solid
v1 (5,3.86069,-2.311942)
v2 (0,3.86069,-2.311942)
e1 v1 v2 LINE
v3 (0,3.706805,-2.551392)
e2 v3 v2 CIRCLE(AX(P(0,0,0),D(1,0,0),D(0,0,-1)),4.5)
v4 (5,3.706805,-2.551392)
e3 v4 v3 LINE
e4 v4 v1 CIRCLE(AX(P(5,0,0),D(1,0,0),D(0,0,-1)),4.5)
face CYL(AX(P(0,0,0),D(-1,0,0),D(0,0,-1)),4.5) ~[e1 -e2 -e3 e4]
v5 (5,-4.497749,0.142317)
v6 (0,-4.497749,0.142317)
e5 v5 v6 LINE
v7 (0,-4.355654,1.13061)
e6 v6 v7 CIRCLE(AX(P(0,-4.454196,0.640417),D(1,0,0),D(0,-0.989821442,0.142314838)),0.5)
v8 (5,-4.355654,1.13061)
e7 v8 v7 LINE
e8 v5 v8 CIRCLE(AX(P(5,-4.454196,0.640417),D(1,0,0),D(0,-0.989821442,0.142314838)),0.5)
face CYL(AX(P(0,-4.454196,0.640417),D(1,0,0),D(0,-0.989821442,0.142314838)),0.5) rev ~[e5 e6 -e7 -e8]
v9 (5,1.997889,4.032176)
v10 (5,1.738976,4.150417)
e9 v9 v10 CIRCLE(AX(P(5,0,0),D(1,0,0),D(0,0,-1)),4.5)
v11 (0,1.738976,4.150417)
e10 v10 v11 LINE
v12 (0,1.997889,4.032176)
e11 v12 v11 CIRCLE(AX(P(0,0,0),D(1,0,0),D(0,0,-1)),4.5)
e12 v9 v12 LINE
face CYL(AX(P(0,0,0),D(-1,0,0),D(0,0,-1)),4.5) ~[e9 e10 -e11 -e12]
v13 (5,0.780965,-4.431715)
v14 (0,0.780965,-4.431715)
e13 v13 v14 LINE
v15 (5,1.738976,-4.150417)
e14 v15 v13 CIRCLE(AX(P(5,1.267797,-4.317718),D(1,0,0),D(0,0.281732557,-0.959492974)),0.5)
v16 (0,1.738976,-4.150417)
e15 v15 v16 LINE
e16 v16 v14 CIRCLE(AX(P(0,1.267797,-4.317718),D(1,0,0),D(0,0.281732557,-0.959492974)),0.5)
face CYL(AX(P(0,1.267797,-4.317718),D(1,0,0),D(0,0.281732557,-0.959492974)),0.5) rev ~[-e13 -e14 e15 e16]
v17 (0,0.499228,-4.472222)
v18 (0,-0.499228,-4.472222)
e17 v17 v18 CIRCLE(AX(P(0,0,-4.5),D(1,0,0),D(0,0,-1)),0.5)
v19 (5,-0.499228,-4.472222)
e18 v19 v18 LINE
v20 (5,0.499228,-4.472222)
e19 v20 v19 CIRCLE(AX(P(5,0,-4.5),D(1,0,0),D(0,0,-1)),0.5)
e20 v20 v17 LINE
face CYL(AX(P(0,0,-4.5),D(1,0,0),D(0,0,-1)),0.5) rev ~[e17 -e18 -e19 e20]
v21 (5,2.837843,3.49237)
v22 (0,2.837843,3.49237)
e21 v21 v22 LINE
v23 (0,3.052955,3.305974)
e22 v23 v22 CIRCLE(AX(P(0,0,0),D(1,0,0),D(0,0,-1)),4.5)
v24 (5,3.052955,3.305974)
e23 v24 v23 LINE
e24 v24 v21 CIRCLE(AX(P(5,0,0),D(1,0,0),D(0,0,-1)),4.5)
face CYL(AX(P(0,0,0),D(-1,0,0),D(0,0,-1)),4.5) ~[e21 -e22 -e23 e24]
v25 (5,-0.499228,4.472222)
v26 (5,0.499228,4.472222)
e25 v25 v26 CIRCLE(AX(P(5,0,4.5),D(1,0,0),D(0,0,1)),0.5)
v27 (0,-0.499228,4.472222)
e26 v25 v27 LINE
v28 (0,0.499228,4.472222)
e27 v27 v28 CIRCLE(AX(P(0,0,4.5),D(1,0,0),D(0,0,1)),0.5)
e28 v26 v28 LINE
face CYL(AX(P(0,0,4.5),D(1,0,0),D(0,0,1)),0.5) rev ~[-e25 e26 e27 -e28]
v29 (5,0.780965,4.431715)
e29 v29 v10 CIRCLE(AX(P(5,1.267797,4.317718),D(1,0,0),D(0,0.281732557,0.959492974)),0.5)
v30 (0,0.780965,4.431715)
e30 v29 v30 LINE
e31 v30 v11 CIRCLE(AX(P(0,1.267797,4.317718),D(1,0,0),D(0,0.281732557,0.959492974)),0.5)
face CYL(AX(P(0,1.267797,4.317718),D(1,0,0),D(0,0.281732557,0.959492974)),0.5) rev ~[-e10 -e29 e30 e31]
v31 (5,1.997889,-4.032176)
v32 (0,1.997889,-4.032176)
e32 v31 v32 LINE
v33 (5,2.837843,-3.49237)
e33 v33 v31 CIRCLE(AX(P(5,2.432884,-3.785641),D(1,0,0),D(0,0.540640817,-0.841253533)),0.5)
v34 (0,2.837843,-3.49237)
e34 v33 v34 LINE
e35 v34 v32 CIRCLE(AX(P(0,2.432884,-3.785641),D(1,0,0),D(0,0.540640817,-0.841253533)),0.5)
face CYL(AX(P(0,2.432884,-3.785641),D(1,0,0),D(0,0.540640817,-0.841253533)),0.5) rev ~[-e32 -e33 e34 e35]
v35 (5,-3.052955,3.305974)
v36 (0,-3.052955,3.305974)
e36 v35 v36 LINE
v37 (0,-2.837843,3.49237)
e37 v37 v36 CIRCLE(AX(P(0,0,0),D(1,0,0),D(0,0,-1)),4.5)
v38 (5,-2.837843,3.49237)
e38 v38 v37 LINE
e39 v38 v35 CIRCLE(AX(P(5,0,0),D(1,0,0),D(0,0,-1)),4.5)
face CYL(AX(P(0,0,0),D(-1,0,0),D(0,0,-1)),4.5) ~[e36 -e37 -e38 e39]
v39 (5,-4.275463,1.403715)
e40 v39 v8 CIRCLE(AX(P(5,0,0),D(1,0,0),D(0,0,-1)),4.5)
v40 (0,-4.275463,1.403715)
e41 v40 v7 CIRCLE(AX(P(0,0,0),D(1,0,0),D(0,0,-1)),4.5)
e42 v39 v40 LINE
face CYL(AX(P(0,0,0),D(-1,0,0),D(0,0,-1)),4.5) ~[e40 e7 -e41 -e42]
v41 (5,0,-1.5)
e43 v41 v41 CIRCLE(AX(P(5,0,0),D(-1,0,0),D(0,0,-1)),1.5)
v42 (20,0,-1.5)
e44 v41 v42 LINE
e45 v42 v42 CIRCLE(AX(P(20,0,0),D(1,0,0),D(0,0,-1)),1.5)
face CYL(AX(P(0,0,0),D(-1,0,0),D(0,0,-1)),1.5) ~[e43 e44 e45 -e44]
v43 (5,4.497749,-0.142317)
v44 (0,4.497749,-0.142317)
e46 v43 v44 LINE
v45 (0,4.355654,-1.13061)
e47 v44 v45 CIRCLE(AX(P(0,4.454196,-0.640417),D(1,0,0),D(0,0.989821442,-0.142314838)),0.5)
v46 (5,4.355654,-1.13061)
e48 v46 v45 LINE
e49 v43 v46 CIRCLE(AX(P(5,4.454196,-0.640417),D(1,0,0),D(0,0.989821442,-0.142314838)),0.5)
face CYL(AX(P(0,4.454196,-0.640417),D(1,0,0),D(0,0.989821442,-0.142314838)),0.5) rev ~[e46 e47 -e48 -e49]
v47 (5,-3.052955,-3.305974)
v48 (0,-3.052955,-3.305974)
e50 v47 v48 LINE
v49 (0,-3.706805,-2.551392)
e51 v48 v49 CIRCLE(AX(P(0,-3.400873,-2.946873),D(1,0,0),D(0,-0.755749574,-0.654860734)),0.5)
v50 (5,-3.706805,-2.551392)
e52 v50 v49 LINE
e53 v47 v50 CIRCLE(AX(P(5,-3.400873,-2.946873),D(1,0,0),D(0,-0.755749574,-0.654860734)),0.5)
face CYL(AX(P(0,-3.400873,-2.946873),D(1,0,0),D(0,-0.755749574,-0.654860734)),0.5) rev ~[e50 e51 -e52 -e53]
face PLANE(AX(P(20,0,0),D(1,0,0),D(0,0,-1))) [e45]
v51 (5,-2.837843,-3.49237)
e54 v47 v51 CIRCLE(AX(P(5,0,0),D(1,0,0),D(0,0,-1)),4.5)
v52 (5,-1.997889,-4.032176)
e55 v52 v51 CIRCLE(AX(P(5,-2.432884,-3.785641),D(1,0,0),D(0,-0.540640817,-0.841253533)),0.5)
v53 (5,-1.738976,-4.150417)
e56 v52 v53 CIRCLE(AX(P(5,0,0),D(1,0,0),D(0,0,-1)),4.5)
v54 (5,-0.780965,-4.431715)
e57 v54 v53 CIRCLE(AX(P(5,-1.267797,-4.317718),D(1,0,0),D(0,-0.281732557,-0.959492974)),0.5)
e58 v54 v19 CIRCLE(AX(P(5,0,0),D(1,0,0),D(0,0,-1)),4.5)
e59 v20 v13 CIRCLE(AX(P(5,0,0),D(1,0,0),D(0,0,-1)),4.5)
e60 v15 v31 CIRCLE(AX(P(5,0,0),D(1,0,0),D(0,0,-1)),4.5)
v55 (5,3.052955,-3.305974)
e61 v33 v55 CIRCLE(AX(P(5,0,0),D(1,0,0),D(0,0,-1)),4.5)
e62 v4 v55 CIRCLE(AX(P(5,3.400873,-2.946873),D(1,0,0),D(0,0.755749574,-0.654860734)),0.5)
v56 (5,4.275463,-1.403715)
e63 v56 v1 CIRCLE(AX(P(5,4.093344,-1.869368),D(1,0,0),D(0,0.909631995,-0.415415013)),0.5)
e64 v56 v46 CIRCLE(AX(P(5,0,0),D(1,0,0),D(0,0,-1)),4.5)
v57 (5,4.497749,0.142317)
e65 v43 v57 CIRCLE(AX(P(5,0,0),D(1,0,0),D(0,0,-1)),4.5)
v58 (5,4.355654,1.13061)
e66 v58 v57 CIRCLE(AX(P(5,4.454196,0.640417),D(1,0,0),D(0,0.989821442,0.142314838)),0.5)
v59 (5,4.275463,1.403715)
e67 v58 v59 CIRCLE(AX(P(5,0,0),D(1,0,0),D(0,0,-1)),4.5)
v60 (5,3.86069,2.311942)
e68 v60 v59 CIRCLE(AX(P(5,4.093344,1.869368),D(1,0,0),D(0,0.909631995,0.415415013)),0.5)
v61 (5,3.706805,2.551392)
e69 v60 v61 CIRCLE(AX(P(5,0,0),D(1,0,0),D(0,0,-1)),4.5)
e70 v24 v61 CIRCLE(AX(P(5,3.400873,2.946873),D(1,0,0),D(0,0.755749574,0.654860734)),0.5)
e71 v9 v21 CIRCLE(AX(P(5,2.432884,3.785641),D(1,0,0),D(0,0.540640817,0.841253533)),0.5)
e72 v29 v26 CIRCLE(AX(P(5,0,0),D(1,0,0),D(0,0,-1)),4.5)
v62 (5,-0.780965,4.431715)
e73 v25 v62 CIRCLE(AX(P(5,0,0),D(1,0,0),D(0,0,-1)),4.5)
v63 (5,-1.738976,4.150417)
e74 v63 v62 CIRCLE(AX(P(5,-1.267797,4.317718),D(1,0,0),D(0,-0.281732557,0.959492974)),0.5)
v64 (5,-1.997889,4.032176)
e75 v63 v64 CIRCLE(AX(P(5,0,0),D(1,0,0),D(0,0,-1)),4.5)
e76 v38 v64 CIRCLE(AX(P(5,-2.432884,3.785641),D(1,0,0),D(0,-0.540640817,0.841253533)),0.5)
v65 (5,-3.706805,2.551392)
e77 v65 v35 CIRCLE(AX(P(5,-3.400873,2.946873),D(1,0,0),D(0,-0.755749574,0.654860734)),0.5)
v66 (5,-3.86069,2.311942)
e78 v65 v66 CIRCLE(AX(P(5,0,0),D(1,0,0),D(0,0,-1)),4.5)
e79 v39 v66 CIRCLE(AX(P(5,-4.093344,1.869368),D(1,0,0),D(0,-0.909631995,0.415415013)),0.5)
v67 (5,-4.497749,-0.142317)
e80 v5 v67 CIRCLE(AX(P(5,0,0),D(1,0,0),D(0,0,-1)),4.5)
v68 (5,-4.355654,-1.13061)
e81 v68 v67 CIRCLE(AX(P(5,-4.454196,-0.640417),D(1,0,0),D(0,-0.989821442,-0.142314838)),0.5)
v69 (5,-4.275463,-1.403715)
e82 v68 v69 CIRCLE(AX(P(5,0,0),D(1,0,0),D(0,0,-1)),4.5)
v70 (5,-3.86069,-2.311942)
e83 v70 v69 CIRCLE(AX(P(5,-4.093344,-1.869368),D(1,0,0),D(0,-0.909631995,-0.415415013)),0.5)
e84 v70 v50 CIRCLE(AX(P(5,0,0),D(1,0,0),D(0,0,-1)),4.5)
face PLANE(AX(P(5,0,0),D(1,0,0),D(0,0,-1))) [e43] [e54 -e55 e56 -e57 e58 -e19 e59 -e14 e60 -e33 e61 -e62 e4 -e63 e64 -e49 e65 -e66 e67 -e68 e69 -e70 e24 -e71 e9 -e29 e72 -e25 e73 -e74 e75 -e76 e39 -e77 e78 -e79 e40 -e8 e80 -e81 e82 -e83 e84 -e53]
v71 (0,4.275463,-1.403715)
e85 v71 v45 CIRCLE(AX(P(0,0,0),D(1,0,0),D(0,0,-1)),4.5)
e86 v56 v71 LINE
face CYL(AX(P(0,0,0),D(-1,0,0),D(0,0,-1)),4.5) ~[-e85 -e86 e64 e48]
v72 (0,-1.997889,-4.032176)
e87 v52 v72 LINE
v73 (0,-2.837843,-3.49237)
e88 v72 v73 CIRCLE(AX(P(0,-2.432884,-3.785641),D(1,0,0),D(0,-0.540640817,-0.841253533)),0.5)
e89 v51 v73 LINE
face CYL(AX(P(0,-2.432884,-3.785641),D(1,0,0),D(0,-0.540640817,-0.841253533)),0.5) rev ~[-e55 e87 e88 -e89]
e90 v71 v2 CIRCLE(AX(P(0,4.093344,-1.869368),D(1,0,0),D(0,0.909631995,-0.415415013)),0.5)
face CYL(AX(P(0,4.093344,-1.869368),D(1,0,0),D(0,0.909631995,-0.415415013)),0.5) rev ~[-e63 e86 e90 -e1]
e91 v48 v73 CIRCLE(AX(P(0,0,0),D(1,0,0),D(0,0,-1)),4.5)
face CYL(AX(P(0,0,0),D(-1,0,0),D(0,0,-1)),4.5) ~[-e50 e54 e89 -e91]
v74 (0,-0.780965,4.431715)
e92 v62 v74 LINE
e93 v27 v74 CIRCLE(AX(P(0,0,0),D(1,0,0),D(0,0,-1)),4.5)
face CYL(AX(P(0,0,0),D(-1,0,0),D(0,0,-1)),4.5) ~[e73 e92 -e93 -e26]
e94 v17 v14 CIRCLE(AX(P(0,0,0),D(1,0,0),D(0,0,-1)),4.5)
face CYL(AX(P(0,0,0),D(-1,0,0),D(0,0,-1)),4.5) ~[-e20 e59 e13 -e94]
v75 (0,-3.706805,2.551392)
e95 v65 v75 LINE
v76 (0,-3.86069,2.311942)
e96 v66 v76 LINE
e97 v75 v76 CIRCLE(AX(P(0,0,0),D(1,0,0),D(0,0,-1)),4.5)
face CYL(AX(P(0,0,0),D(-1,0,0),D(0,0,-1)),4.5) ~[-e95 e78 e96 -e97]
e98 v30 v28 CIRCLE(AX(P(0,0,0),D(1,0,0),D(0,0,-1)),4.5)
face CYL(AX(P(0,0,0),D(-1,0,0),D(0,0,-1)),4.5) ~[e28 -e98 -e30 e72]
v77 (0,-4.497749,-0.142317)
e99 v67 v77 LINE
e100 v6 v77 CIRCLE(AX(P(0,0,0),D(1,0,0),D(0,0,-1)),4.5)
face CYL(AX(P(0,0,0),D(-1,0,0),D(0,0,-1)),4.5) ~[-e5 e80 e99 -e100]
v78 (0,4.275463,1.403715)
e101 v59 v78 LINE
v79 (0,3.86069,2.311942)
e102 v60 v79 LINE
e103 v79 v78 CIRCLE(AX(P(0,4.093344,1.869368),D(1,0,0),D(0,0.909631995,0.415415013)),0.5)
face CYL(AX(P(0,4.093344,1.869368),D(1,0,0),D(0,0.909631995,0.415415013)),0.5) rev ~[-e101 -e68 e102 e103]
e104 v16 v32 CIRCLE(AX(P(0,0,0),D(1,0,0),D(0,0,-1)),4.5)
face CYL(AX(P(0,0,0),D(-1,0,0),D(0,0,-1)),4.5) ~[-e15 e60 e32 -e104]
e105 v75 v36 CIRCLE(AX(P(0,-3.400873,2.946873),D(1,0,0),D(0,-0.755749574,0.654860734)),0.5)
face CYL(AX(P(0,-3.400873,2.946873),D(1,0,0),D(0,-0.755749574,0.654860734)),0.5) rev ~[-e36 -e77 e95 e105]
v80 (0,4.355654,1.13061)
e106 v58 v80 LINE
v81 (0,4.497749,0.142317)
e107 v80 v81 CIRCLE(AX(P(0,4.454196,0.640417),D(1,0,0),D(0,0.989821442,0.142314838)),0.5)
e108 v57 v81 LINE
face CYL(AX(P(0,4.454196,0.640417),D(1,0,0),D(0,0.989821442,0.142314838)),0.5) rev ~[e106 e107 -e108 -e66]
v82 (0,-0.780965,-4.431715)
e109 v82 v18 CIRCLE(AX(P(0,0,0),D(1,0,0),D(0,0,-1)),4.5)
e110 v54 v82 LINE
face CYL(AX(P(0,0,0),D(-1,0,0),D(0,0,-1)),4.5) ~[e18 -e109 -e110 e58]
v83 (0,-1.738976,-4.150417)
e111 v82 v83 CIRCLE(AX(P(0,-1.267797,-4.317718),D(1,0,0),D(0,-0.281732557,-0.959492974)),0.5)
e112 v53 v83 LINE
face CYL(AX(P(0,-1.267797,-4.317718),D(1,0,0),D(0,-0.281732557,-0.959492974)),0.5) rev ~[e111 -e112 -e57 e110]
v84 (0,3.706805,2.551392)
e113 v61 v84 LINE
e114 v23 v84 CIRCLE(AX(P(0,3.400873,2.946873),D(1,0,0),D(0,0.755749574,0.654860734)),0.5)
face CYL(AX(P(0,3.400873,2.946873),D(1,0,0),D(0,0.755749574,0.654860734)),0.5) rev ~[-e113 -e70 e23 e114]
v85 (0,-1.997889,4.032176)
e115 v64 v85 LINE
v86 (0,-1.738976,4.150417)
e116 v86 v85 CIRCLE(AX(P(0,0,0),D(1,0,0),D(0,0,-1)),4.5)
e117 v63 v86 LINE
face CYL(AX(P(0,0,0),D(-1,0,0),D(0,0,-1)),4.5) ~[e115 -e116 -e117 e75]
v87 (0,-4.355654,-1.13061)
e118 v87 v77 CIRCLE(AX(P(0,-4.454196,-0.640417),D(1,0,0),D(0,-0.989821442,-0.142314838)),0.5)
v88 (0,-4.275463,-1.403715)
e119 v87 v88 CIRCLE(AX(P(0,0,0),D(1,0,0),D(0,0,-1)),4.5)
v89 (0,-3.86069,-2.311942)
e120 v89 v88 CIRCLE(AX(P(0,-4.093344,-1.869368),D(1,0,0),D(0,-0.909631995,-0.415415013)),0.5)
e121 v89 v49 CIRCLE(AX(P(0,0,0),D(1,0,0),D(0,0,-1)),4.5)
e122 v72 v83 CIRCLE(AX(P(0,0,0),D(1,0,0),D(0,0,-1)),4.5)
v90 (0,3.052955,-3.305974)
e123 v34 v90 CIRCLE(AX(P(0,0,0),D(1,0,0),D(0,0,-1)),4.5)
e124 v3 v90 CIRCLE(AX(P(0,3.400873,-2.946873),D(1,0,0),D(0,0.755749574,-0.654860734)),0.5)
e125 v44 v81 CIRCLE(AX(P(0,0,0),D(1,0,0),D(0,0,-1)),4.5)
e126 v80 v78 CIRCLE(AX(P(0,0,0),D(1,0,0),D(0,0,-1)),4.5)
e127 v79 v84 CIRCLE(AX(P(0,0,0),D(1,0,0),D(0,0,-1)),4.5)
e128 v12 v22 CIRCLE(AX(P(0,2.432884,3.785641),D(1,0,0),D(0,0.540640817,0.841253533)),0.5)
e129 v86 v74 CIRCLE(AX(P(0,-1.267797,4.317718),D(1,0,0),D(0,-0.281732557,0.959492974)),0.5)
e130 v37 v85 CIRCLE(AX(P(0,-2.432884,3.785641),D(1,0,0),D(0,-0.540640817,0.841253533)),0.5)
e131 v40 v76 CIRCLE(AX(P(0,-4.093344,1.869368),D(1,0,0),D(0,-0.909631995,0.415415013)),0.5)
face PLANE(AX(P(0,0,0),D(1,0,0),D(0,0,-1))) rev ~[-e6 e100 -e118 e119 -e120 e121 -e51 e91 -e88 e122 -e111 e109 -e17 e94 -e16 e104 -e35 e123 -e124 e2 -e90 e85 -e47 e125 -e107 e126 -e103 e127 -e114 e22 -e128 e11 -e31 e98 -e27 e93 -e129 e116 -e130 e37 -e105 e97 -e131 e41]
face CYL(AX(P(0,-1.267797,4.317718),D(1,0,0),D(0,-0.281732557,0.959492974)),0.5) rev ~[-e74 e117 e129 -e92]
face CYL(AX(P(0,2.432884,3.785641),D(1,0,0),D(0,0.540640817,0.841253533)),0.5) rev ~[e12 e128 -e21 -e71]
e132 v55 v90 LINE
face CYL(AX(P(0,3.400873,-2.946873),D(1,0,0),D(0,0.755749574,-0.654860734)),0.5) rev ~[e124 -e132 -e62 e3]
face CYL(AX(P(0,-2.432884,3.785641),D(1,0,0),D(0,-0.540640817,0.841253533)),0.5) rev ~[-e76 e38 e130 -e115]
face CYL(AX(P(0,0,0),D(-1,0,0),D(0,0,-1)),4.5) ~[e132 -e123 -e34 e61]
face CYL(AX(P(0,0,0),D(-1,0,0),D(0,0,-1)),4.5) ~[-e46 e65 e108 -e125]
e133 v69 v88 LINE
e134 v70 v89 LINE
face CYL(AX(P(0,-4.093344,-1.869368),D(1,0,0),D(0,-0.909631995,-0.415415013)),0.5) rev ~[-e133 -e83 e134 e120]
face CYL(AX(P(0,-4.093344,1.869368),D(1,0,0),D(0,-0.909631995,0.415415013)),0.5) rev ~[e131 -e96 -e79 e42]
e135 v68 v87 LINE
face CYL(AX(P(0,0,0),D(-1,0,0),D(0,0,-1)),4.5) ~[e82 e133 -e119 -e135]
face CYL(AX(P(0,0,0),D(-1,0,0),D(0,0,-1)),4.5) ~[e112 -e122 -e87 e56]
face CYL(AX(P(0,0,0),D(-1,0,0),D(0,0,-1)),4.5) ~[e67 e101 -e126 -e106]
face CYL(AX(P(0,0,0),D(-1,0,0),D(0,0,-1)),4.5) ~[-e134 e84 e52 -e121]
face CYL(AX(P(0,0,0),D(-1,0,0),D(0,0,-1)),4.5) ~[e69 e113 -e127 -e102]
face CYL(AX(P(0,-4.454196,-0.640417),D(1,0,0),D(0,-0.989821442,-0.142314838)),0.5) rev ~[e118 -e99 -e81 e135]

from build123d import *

# Parameters (mm, degrees)
SKETCH1_R           = 4.5
BOSS_EXTRUDE1_DEPTH = 5
SKETCH2_R           = 1.5
BOSS_EXTRUDE2_DEPTH = 20
SKETCH3_R           = 0.5
CUT_EXTRUDE2_DEPTH  = 5
CIRPATTERN1_COUNT   = 22


with BuildPart() as part:
    # Sketch1 → Boss-Extrude1 (new body)
    with BuildSketch(Plane(origin=(0, 0, 0), x_dir=(0, 0, -1), z_dir=(1, 0, 0))):
        Circle(SKETCH1_R)
    extrude(amount=BOSS_EXTRUDE1_DEPTH)

    # Sketch2 → Boss-Extrude2 (add)
    with BuildSketch(Plane(origin=(0, 0, 0), x_dir=(0, 0, -1), z_dir=(1, 0, 0))):
        Circle(SKETCH2_R)
    extrude(amount=BOSS_EXTRUDE2_DEPTH)

    # Sketch3 → Cut-Extrude2 (cut, symmetric)
    with BuildSketch(Plane(origin=(0, 0, 0), x_dir=(0, 0, -1), z_dir=(1, 0, 0))):
        with Locations((4.5, 0)):
            Circle(SKETCH3_R)
    cut_extrude2 = extrude(amount=CUT_EXTRUDE2_DEPTH, both=True, mode=Mode.SUBTRACT)

    # CirPattern1: Cut-Extrude2 ×22 about axis
    cirpattern1_axis = Axis((-1, 0, 0), (1, 0, 0))
    for i in range(1, CIRPATTERN1_COUNT):
        add(cut_extrude2.rotate(cirpattern1_axis, i * 360 / CIRPATTERN1_COUNT), mode=Mode.SUBTRACT)


solid = part.part
